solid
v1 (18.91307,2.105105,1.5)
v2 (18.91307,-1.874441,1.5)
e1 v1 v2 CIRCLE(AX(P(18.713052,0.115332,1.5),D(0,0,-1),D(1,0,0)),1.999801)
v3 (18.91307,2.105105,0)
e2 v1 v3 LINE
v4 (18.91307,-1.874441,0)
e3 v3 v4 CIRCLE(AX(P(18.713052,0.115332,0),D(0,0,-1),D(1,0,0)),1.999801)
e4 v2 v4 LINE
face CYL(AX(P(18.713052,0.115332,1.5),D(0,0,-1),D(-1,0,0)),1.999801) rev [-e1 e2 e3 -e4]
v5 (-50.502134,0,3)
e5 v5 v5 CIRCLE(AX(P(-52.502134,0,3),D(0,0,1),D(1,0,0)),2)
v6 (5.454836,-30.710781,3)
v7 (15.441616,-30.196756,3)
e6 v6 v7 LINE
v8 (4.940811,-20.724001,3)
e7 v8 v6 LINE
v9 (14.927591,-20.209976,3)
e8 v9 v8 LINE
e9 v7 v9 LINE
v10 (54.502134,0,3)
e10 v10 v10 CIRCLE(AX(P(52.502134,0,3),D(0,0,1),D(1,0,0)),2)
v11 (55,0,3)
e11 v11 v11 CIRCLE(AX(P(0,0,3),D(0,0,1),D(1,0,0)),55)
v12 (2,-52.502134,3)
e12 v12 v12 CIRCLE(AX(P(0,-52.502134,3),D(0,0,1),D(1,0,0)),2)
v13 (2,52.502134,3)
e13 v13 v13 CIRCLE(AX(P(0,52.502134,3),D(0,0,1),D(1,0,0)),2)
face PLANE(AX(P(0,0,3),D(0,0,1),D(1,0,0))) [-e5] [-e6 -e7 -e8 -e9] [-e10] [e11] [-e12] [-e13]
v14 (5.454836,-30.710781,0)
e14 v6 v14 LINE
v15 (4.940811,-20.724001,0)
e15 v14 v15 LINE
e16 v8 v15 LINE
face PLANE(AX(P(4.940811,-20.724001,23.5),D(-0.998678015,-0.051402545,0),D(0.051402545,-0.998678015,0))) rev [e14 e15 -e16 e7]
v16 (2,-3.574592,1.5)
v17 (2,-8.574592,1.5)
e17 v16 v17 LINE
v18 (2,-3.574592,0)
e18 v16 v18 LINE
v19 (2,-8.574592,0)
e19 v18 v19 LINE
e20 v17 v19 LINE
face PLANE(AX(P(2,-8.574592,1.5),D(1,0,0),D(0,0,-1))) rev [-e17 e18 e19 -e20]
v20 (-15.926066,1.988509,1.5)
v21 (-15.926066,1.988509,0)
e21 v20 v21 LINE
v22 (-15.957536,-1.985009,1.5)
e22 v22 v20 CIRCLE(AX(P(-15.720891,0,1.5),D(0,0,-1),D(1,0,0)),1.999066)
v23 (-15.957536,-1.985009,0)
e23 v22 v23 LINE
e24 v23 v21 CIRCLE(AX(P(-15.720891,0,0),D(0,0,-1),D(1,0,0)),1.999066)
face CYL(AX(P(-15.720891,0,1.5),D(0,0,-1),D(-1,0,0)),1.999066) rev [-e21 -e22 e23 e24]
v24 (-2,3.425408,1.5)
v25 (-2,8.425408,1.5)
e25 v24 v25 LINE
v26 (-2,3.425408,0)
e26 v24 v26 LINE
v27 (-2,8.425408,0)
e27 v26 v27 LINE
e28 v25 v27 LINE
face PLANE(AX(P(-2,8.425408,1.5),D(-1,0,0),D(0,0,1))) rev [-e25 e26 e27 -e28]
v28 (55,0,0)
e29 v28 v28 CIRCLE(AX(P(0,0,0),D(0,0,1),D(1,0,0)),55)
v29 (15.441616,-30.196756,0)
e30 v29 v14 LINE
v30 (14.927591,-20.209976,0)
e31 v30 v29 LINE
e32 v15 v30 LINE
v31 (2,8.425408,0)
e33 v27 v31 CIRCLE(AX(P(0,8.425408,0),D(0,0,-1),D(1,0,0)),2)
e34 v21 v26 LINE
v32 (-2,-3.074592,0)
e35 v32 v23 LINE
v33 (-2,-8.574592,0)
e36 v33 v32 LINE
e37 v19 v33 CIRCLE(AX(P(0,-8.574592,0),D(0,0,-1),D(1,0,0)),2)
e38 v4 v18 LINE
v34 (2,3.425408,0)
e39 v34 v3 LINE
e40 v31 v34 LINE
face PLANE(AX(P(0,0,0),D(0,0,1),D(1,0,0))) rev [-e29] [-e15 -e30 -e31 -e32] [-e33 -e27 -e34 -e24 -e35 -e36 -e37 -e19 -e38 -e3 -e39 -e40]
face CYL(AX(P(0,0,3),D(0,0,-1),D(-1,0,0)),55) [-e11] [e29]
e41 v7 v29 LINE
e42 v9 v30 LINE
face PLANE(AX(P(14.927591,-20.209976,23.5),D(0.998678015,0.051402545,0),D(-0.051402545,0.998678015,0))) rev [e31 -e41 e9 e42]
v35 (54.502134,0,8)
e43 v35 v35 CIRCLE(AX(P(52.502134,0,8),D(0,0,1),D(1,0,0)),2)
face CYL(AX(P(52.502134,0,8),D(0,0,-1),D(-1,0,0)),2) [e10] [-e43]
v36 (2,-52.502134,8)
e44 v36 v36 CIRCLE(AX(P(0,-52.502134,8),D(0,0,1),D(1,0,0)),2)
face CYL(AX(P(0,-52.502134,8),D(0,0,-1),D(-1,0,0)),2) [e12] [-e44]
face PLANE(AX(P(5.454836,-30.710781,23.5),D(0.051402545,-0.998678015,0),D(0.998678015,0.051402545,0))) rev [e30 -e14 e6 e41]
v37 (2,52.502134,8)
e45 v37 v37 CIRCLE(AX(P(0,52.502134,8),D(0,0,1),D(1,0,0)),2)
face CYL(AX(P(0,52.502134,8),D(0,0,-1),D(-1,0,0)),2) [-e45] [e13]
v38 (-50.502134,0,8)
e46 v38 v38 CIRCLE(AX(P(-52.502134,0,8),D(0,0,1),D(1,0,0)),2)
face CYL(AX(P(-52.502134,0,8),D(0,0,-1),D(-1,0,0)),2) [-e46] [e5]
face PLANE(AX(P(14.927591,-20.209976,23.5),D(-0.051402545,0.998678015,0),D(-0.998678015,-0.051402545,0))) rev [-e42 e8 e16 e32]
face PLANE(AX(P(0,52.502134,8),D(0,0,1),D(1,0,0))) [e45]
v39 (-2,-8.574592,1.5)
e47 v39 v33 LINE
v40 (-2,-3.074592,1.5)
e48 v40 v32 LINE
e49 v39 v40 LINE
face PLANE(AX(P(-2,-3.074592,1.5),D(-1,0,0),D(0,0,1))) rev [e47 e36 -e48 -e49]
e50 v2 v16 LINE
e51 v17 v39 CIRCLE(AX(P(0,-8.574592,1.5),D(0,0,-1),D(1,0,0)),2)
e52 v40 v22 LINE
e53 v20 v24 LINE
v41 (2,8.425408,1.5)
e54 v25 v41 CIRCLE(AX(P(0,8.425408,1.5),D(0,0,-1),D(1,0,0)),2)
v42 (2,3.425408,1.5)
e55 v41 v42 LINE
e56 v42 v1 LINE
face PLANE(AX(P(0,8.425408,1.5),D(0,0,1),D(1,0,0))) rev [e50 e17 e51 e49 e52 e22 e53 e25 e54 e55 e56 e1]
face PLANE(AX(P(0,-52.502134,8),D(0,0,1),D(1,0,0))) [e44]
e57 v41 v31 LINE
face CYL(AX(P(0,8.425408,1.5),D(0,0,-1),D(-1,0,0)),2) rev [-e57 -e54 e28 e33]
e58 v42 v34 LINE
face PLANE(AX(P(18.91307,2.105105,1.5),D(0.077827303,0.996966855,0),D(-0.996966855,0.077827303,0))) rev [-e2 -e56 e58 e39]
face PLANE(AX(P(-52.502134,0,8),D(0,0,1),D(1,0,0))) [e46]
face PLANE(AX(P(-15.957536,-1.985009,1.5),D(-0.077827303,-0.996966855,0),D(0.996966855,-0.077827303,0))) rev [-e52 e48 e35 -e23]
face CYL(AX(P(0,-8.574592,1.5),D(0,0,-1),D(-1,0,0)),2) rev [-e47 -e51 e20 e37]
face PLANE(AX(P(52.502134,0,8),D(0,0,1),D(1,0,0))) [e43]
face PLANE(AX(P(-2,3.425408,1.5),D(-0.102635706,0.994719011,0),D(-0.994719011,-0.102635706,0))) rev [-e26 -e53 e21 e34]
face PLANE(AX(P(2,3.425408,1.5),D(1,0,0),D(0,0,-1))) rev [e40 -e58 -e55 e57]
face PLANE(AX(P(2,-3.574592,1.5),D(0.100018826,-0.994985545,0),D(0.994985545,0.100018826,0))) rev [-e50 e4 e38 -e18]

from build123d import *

# Parameters (mm, degrees)
SKETCH1_R           = 55
BOSS_EXTRUDE1_DEPTH = 3
SKETCH2_R           = 2
BOSS_EXTRUDE2_DEPTH = 5
CUT_EXTRUDE2_DEPTH  = 1.5
CUT_EXTRUDE3_DEPTH  = 23.5


with BuildPart() as part:
    # Sketch1 → Boss-Extrude1 (new body)
    with BuildSketch(Plane.XY):
        Circle(SKETCH1_R)
    extrude(amount=BOSS_EXTRUDE1_DEPTH)

    # Sketch2 → Boss-Extrude2 (add)
    with BuildSketch(Plane.XY.offset(3)):
        with Locations((0, 52.50213424)):
            Circle(SKETCH2_R)
        with Locations((52.50213424, 0)):
            Circle(SKETCH2_R)
        with Locations((0, -52.50213424)):
            Circle(SKETCH2_R)
        with Locations((-52.50213424, 0)):
            Circle(SKETCH2_R)
    extrude(amount=BOSS_EXTRUDE2_DEPTH)

    # Sketch5 → Cut-Extrude2 (cut)
    with BuildSketch(Plane(origin=(0, 0, 0), x_dir=(-1, 0, 0), z_dir=(0, 0, -1))):
        with BuildLine():
            Line((-2, 3.425408406), (-2, 8.425408406))
            ThreePointArc((-2, 8.425408406), (0, 10.425408406), (2, 8.425408406))
            Line((2, 8.425408406), (2, 3.425408406))
            Line((2, 3.425408406), (15.926066161, 1.98850852))
            ThreePointArc((15.926066161, 1.98850852), (17.719893525, 0.015831878), (15.957535976, -1.985009349))
            Line((15.957535976, -1.985009349), (2, -3.074591594))
            Line((2, -3.074591594), (2, -8.574591594))
            ThreePointArc((2, -8.574591594), (0, -10.574591594), (-2, -8.574591594))
            Line((-2, -8.574591594), (-2, -3.574591594))
            Line((-2, -3.574591594), (-18.913070191, -1.874440835))
            ThreePointArc((-18.913070191, -1.874440835), (-20.71285333, 0.115332129), (-18.913070191, 2.105105093))
            Line((-18.913070191, 2.105105093), (-2, 3.425408406))
        make_face()
    extrude(amount=-CUT_EXTRUDE2_DEPTH, mode=Mode.SUBTRACT)

    # Sketch7 → Cut-Extrude3 (cut)
    with BuildSketch(Plane(origin=(0, 0, 0), x_dir=(-1, 0, 0), z_dir=(0, 0, -1))):
        Polygon((-14.927590982, -20.209975768), (-15.441616431, -30.196755922), (-5.454836278, -30.710781371), (-4.940810829, -20.724001217), align=None)
    extrude(amount=-CUT_EXTRUDE3_DEPTH, mode=Mode.SUBTRACT)


solid = part.part
